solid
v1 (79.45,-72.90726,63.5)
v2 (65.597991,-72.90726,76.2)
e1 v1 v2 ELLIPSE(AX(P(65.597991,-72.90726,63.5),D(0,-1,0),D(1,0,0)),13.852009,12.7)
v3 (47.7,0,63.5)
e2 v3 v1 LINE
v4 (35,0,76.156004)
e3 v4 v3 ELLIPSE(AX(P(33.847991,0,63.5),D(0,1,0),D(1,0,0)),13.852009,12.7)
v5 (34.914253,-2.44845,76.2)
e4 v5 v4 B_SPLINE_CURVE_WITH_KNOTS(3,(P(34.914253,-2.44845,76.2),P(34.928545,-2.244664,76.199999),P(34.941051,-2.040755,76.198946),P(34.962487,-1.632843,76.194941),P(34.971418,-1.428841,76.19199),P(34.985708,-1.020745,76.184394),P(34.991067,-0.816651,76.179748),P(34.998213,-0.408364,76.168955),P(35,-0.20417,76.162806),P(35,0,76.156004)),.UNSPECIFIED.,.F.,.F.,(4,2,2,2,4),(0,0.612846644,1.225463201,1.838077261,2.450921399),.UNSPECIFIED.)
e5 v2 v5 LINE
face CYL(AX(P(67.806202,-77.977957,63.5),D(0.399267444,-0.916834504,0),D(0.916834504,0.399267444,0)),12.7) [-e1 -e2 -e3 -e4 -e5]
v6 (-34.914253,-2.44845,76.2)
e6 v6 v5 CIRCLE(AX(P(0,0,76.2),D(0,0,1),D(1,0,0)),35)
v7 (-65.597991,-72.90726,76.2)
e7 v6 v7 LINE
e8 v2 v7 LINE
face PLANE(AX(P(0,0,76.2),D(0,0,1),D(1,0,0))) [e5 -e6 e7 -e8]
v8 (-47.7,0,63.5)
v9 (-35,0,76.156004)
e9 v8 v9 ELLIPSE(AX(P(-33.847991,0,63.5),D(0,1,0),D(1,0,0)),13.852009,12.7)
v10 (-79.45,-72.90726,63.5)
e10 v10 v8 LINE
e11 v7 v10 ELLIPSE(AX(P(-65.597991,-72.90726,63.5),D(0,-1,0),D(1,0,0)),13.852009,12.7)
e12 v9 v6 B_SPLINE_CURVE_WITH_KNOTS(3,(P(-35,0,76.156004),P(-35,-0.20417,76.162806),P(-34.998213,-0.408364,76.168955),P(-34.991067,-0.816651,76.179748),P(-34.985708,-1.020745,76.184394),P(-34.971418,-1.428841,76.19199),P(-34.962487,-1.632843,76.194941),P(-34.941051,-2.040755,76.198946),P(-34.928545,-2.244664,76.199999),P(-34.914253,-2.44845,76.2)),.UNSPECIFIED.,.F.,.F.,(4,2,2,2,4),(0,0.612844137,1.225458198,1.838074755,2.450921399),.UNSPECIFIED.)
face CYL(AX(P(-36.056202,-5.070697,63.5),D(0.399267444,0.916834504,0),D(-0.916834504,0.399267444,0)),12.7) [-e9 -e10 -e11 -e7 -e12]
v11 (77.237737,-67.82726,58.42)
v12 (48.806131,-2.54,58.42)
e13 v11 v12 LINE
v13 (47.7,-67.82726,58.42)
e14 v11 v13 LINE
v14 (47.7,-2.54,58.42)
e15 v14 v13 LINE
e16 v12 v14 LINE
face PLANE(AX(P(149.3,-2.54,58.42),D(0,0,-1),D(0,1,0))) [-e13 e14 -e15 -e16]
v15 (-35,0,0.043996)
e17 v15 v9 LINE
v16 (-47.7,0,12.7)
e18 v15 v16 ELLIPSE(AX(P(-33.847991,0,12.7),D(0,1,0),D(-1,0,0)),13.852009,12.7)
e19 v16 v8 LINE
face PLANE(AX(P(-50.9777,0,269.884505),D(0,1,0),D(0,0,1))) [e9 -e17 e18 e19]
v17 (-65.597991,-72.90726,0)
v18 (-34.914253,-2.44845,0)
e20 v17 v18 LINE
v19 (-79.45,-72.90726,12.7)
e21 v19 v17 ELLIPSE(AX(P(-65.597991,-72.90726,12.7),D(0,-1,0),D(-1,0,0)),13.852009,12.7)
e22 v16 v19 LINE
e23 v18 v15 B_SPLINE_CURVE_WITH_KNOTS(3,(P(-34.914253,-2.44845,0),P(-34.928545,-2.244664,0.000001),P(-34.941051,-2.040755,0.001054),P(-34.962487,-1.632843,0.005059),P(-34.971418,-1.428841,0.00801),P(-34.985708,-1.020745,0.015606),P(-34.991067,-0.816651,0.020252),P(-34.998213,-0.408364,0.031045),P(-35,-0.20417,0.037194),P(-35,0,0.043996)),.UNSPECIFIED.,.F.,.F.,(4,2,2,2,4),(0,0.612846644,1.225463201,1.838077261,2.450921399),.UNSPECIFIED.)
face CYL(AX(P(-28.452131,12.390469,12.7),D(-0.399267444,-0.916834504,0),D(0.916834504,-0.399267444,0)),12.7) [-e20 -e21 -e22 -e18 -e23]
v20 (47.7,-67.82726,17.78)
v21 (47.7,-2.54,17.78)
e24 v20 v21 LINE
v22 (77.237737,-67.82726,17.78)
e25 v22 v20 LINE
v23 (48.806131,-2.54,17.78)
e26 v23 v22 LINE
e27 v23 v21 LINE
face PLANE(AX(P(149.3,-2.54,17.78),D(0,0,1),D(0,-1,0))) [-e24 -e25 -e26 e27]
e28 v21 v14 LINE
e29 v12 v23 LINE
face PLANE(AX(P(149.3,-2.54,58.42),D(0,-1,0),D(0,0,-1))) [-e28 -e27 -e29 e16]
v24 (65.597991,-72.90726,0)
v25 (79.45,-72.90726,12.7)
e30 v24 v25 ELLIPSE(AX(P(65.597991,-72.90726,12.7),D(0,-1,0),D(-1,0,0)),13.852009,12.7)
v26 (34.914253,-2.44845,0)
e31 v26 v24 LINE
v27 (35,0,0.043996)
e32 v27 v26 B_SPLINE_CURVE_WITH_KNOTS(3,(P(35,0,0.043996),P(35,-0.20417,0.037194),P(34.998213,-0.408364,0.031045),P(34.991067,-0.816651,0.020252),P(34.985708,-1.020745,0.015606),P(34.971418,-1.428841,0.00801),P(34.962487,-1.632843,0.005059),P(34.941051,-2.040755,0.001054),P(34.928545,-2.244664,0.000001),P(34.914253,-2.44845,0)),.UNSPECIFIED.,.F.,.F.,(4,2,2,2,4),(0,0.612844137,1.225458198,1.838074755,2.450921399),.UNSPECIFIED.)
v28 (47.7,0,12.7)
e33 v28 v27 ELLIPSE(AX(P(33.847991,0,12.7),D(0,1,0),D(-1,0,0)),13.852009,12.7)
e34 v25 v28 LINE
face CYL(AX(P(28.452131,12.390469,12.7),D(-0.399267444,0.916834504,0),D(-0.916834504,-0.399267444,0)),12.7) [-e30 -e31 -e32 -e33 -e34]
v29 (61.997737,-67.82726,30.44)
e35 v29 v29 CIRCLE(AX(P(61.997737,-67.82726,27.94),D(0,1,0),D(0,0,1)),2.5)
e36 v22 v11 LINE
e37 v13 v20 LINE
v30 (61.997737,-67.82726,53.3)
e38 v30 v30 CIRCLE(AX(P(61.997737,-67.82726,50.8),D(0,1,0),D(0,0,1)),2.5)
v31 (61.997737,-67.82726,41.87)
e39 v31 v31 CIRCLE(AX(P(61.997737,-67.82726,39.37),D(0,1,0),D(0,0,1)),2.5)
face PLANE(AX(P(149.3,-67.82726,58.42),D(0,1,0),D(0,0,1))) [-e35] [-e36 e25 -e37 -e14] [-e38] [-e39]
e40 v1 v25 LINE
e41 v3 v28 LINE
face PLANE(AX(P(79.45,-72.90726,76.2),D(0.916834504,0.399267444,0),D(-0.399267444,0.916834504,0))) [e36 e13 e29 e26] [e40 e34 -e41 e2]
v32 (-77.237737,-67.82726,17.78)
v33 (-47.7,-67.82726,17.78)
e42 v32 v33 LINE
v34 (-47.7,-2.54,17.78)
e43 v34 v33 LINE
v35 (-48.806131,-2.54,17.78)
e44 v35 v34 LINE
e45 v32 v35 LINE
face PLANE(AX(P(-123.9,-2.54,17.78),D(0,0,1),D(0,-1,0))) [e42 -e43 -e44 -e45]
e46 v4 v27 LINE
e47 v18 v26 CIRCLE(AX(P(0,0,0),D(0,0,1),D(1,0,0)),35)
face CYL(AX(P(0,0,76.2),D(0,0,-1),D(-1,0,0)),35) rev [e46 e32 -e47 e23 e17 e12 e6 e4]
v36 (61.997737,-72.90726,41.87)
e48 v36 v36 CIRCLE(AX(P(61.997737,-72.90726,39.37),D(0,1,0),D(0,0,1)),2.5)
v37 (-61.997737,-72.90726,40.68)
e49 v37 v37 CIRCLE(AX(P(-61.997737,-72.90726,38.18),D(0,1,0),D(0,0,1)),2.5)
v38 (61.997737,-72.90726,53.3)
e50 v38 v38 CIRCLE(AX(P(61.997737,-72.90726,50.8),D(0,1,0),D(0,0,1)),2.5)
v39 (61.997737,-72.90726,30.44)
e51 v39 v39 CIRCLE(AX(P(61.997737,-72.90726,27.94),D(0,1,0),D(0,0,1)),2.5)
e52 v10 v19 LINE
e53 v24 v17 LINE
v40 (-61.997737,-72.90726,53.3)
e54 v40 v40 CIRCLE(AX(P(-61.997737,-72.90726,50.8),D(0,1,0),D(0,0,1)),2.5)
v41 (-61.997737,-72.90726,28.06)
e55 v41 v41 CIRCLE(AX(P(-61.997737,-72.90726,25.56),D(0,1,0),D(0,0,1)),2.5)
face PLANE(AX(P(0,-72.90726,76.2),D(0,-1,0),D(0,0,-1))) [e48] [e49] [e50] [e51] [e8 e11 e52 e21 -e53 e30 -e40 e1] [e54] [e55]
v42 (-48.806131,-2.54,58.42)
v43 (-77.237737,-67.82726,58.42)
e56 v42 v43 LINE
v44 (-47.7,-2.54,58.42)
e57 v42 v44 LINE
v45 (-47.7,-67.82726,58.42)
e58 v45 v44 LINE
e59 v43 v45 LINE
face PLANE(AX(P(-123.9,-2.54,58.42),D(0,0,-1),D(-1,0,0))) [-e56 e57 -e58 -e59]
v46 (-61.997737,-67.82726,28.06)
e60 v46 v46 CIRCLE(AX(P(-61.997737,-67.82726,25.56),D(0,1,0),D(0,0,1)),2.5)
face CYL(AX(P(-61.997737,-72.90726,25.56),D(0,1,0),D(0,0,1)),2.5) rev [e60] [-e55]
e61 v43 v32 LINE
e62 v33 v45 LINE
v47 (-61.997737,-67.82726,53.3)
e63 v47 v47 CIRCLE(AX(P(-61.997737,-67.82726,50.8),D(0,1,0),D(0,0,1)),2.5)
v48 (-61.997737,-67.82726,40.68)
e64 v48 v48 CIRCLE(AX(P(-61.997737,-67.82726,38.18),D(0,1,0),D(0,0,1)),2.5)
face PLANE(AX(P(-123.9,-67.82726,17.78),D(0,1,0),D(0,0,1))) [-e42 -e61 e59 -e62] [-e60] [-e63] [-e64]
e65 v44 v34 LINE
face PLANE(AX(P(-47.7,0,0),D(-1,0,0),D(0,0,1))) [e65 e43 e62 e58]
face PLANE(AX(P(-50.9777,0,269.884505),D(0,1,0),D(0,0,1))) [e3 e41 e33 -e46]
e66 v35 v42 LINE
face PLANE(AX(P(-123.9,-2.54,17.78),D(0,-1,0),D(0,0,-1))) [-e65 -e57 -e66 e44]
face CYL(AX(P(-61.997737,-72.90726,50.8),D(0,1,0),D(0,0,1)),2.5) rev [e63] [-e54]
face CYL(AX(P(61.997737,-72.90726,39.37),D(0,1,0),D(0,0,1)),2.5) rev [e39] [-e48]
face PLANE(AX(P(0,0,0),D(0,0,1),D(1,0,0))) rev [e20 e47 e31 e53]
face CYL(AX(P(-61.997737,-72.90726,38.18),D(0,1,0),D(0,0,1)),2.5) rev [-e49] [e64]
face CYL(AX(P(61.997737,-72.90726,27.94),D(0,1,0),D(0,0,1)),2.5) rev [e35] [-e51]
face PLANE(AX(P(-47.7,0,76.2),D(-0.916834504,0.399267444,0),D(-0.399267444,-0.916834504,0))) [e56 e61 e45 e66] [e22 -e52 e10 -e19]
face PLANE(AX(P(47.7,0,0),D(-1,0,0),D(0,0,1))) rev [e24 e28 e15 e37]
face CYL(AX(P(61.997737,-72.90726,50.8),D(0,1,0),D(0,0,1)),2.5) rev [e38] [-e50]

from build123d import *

# Parameters (mm, degrees)
SKETCH1_R               = 47.7
SKETCH1_R_2             = 35
BOSS_EXTRUDE1_DEPTH     = 76.2
CUT_EXTRUDE1_DEPTH      = 1
CUT_EXTRUDE1_DEPTH_BACK = 77.2
BOSS_EXTRUDE2_DEPTH     = 76.2
BOSS_EXTRUDE4_DEPTH     = 76.2
FILLET2_R               = 12.7
SKETCH6_W               = 40.64
SKETCH6_H               = 65.287260423
CUT_EXTRUDE3_DEPTH      = 101.6
CUT_EXTRUDE4_START      = -6.0800001
SKETCH7_R               = 2.5
CUT_EXTRUDE4_DEPTH      = 74.907260623
LPATTERN1_COUNT         = 3
LPATTERN1_PITCH         = 11.43
BOSS_EXTRUDE5_DEPTH     = 76.2
FILLET3_R               = 12.7
SKETCH8_W               = 40.64
SKETCH8_H               = 65.287260423
CUT_EXTRUDE5_DEPTH      = 76.2
CUT_EXTRUDE6_START      = -6.0800001
SKETCH9_R               = 2.5
CUT_EXTRUDE6_DEPTH      = 74.907260623
LPATTERN2_COUNT         = 3
LPATTERN2_PITCH         = 12.62


with BuildPart() as part:
    # Sketch1 → Boss-Extrude1 (new body)
    with BuildSketch(Plane.XY):
        Circle(SKETCH1_R)
        Circle(SKETCH1_R_2, mode=Mode.SUBTRACT)
    extrude(amount=BOSS_EXTRUDE1_DEPTH)

    # Sketch2 → Cut-Extrude1 (cut, two sides)
    with BuildSketch(Plane.XY.offset(76.2)) as cut_extrude1_sk:
        Polygon((-285.983619069, 0), (-50.977699953, 0), (54.190264056, 0), (289.196183172, 0), (289.196183172, 470.011838232), (-285.983619069, 470.011838232), align=None)
    extrude(amount=CUT_EXTRUDE1_DEPTH, mode=Mode.SUBTRACT)
    extrude(cut_extrude1_sk.sketch, amount=-CUT_EXTRUDE1_DEPTH_BACK, mode=Mode.SUBTRACT)

    # Sketch3 → Boss-Extrude2 (add)
    with BuildSketch(Plane(origin=(0, 0, 0), x_dir=(-1, 0, 0), z_dir=(0, 0, -1))):
        with BuildLine():
            ThreePointArc((-4.283714166, -47.507260423), (-35.210958278, -32.178850463), (-47.7, 0))
            Line((-47.7, 0), (-47.7, -47.507260423))
            Line((-47.7, -47.507260423), (-4.283714166, -47.507260423))
        make_face()
        with BuildLine():
            Line((47.7, -47.507260423), (47.7, 0))
            ThreePointArc((47.7, 0), (35.210958278, -32.178850463), (4.283714166, -47.507260423))
            Line((4.283714166, -47.507260423), (47.7, -47.507260423))
        make_face()
        with BuildLine():
            Line((-4.283714166, -47.507260423), (-47.7, -47.507260423))
            Line((-47.7, -47.507260423), (-47.7, -72.907260423))
            Line((-47.7, -72.907260423), (47.7, -72.907260423))
            Line((47.7, -72.907260423), (47.7, -47.507260423))
            Line((47.7, -47.507260423), (4.283714166, -47.507260423))
            ThreePointArc((4.283714166, -47.507260423), (0, -47.7), (-4.283714166, -47.507260423))
        make_face()
    extrude(amount=-BOSS_EXTRUDE2_DEPTH)

    # Sketch5 → Boss-Extrude4 (add)
    with BuildSketch(Plane(origin=(0, 0, 0), x_dir=(-1, 0, 0), z_dir=(0, 0, -1))):
        Polygon((-47.7, 0), (-47.7, -72.907260423), (-79.45, -72.907260423), align=None)
    extrude(amount=-BOSS_EXTRUDE4_DEPTH)

    # Fillet2
    fillet2_edges = [part.edges().sort_by_distance(p)[0] for p in [
        (63.575, -36.453630212, 0),
        (63.575, -36.453630212, 76.2),
    ]]
    fillet(fillet2_edges, radius=FILLET2_R)

    # Sketch6 → Cut-Extrude3 (cut)
    with BuildSketch(Plane(origin=(47.7, 0, 0), x_dir=(0, 0, -1), z_dir=(1, 0, 0))):
        with Locations((-38.1, -35.183630212)):
            Rectangle(SKETCH6_W, SKETCH6_H)
    extrude(amount=CUT_EXTRUDE3_DEPTH, mode=Mode.SUBTRACT)

    # Sketch7 → Cut-Extrude4 (cut)
    with BuildSketch(Plane(origin=(0, -67.827260423, 0), x_dir=(1, 0, 0), z_dir=(0, 1, 0)).offset(CUT_EXTRUDE4_START)):
        with Locations((61.997737475, -50.8)):
            Circle(SKETCH7_R)
    cut_extrude4 = extrude(amount=CUT_EXTRUDE4_DEPTH, mode=Mode.SUBTRACT)

    # LPattern1: Cut-Extrude4 ×3
    with Locations(*[(0, 0, -i * LPATTERN1_PITCH) for i in range(1, LPATTERN1_COUNT)]):
        add(cut_extrude4, mode=Mode.SUBTRACT)

    # Sketch4 → Boss-Extrude5 (add)
    with BuildSketch(Plane(origin=(0, 0, 0), x_dir=(-1, 0, 0), z_dir=(0, 0, -1))):
        Polygon((47.7, 0), (47.7, -72.907260423), (79.45, -72.907260423), align=None)
    extrude(amount=-BOSS_EXTRUDE5_DEPTH)

    # Fillet3
    fillet3_edges = [part.edges().sort_by_distance(p)[0] for p in [
        (-63.575, -36.453630212, 0),
        (-63.575, -36.453630212, 76.2),
    ]]
    fillet(fillet3_edges, radius=FILLET3_R)

    # Sketch8 → Cut-Extrude5 (cut)
    with BuildSketch(Plane.ZY.offset(47.7)):
        with Locations((38.1, -35.183630212)):
            Rectangle(SKETCH8_W, SKETCH8_H)
    extrude(amount=CUT_EXTRUDE5_DEPTH, mode=Mode.SUBTRACT)

    # Sketch9 → Cut-Extrude6 (cut)
    with BuildSketch(Plane(origin=(0, -67.827260423, 0), x_dir=(1, 0, 0), z_dir=(0, 1, 0)).offset(CUT_EXTRUDE6_START)):
        with Locations((-61.997737475, -50.8)):
            Circle(SKETCH9_R)
    cut_extrude6 = extrude(amount=CUT_EXTRUDE6_DEPTH, mode=Mode.SUBTRACT)

    # LPattern2: Cut-Extrude6 ×3
    with Locations(*[(0, 0, -i * LPATTERN2_PITCH) for i in range(1, LPATTERN2_COUNT)]):
        add(cut_extrude6, mode=Mode.SUBTRACT)


solid = part.part
